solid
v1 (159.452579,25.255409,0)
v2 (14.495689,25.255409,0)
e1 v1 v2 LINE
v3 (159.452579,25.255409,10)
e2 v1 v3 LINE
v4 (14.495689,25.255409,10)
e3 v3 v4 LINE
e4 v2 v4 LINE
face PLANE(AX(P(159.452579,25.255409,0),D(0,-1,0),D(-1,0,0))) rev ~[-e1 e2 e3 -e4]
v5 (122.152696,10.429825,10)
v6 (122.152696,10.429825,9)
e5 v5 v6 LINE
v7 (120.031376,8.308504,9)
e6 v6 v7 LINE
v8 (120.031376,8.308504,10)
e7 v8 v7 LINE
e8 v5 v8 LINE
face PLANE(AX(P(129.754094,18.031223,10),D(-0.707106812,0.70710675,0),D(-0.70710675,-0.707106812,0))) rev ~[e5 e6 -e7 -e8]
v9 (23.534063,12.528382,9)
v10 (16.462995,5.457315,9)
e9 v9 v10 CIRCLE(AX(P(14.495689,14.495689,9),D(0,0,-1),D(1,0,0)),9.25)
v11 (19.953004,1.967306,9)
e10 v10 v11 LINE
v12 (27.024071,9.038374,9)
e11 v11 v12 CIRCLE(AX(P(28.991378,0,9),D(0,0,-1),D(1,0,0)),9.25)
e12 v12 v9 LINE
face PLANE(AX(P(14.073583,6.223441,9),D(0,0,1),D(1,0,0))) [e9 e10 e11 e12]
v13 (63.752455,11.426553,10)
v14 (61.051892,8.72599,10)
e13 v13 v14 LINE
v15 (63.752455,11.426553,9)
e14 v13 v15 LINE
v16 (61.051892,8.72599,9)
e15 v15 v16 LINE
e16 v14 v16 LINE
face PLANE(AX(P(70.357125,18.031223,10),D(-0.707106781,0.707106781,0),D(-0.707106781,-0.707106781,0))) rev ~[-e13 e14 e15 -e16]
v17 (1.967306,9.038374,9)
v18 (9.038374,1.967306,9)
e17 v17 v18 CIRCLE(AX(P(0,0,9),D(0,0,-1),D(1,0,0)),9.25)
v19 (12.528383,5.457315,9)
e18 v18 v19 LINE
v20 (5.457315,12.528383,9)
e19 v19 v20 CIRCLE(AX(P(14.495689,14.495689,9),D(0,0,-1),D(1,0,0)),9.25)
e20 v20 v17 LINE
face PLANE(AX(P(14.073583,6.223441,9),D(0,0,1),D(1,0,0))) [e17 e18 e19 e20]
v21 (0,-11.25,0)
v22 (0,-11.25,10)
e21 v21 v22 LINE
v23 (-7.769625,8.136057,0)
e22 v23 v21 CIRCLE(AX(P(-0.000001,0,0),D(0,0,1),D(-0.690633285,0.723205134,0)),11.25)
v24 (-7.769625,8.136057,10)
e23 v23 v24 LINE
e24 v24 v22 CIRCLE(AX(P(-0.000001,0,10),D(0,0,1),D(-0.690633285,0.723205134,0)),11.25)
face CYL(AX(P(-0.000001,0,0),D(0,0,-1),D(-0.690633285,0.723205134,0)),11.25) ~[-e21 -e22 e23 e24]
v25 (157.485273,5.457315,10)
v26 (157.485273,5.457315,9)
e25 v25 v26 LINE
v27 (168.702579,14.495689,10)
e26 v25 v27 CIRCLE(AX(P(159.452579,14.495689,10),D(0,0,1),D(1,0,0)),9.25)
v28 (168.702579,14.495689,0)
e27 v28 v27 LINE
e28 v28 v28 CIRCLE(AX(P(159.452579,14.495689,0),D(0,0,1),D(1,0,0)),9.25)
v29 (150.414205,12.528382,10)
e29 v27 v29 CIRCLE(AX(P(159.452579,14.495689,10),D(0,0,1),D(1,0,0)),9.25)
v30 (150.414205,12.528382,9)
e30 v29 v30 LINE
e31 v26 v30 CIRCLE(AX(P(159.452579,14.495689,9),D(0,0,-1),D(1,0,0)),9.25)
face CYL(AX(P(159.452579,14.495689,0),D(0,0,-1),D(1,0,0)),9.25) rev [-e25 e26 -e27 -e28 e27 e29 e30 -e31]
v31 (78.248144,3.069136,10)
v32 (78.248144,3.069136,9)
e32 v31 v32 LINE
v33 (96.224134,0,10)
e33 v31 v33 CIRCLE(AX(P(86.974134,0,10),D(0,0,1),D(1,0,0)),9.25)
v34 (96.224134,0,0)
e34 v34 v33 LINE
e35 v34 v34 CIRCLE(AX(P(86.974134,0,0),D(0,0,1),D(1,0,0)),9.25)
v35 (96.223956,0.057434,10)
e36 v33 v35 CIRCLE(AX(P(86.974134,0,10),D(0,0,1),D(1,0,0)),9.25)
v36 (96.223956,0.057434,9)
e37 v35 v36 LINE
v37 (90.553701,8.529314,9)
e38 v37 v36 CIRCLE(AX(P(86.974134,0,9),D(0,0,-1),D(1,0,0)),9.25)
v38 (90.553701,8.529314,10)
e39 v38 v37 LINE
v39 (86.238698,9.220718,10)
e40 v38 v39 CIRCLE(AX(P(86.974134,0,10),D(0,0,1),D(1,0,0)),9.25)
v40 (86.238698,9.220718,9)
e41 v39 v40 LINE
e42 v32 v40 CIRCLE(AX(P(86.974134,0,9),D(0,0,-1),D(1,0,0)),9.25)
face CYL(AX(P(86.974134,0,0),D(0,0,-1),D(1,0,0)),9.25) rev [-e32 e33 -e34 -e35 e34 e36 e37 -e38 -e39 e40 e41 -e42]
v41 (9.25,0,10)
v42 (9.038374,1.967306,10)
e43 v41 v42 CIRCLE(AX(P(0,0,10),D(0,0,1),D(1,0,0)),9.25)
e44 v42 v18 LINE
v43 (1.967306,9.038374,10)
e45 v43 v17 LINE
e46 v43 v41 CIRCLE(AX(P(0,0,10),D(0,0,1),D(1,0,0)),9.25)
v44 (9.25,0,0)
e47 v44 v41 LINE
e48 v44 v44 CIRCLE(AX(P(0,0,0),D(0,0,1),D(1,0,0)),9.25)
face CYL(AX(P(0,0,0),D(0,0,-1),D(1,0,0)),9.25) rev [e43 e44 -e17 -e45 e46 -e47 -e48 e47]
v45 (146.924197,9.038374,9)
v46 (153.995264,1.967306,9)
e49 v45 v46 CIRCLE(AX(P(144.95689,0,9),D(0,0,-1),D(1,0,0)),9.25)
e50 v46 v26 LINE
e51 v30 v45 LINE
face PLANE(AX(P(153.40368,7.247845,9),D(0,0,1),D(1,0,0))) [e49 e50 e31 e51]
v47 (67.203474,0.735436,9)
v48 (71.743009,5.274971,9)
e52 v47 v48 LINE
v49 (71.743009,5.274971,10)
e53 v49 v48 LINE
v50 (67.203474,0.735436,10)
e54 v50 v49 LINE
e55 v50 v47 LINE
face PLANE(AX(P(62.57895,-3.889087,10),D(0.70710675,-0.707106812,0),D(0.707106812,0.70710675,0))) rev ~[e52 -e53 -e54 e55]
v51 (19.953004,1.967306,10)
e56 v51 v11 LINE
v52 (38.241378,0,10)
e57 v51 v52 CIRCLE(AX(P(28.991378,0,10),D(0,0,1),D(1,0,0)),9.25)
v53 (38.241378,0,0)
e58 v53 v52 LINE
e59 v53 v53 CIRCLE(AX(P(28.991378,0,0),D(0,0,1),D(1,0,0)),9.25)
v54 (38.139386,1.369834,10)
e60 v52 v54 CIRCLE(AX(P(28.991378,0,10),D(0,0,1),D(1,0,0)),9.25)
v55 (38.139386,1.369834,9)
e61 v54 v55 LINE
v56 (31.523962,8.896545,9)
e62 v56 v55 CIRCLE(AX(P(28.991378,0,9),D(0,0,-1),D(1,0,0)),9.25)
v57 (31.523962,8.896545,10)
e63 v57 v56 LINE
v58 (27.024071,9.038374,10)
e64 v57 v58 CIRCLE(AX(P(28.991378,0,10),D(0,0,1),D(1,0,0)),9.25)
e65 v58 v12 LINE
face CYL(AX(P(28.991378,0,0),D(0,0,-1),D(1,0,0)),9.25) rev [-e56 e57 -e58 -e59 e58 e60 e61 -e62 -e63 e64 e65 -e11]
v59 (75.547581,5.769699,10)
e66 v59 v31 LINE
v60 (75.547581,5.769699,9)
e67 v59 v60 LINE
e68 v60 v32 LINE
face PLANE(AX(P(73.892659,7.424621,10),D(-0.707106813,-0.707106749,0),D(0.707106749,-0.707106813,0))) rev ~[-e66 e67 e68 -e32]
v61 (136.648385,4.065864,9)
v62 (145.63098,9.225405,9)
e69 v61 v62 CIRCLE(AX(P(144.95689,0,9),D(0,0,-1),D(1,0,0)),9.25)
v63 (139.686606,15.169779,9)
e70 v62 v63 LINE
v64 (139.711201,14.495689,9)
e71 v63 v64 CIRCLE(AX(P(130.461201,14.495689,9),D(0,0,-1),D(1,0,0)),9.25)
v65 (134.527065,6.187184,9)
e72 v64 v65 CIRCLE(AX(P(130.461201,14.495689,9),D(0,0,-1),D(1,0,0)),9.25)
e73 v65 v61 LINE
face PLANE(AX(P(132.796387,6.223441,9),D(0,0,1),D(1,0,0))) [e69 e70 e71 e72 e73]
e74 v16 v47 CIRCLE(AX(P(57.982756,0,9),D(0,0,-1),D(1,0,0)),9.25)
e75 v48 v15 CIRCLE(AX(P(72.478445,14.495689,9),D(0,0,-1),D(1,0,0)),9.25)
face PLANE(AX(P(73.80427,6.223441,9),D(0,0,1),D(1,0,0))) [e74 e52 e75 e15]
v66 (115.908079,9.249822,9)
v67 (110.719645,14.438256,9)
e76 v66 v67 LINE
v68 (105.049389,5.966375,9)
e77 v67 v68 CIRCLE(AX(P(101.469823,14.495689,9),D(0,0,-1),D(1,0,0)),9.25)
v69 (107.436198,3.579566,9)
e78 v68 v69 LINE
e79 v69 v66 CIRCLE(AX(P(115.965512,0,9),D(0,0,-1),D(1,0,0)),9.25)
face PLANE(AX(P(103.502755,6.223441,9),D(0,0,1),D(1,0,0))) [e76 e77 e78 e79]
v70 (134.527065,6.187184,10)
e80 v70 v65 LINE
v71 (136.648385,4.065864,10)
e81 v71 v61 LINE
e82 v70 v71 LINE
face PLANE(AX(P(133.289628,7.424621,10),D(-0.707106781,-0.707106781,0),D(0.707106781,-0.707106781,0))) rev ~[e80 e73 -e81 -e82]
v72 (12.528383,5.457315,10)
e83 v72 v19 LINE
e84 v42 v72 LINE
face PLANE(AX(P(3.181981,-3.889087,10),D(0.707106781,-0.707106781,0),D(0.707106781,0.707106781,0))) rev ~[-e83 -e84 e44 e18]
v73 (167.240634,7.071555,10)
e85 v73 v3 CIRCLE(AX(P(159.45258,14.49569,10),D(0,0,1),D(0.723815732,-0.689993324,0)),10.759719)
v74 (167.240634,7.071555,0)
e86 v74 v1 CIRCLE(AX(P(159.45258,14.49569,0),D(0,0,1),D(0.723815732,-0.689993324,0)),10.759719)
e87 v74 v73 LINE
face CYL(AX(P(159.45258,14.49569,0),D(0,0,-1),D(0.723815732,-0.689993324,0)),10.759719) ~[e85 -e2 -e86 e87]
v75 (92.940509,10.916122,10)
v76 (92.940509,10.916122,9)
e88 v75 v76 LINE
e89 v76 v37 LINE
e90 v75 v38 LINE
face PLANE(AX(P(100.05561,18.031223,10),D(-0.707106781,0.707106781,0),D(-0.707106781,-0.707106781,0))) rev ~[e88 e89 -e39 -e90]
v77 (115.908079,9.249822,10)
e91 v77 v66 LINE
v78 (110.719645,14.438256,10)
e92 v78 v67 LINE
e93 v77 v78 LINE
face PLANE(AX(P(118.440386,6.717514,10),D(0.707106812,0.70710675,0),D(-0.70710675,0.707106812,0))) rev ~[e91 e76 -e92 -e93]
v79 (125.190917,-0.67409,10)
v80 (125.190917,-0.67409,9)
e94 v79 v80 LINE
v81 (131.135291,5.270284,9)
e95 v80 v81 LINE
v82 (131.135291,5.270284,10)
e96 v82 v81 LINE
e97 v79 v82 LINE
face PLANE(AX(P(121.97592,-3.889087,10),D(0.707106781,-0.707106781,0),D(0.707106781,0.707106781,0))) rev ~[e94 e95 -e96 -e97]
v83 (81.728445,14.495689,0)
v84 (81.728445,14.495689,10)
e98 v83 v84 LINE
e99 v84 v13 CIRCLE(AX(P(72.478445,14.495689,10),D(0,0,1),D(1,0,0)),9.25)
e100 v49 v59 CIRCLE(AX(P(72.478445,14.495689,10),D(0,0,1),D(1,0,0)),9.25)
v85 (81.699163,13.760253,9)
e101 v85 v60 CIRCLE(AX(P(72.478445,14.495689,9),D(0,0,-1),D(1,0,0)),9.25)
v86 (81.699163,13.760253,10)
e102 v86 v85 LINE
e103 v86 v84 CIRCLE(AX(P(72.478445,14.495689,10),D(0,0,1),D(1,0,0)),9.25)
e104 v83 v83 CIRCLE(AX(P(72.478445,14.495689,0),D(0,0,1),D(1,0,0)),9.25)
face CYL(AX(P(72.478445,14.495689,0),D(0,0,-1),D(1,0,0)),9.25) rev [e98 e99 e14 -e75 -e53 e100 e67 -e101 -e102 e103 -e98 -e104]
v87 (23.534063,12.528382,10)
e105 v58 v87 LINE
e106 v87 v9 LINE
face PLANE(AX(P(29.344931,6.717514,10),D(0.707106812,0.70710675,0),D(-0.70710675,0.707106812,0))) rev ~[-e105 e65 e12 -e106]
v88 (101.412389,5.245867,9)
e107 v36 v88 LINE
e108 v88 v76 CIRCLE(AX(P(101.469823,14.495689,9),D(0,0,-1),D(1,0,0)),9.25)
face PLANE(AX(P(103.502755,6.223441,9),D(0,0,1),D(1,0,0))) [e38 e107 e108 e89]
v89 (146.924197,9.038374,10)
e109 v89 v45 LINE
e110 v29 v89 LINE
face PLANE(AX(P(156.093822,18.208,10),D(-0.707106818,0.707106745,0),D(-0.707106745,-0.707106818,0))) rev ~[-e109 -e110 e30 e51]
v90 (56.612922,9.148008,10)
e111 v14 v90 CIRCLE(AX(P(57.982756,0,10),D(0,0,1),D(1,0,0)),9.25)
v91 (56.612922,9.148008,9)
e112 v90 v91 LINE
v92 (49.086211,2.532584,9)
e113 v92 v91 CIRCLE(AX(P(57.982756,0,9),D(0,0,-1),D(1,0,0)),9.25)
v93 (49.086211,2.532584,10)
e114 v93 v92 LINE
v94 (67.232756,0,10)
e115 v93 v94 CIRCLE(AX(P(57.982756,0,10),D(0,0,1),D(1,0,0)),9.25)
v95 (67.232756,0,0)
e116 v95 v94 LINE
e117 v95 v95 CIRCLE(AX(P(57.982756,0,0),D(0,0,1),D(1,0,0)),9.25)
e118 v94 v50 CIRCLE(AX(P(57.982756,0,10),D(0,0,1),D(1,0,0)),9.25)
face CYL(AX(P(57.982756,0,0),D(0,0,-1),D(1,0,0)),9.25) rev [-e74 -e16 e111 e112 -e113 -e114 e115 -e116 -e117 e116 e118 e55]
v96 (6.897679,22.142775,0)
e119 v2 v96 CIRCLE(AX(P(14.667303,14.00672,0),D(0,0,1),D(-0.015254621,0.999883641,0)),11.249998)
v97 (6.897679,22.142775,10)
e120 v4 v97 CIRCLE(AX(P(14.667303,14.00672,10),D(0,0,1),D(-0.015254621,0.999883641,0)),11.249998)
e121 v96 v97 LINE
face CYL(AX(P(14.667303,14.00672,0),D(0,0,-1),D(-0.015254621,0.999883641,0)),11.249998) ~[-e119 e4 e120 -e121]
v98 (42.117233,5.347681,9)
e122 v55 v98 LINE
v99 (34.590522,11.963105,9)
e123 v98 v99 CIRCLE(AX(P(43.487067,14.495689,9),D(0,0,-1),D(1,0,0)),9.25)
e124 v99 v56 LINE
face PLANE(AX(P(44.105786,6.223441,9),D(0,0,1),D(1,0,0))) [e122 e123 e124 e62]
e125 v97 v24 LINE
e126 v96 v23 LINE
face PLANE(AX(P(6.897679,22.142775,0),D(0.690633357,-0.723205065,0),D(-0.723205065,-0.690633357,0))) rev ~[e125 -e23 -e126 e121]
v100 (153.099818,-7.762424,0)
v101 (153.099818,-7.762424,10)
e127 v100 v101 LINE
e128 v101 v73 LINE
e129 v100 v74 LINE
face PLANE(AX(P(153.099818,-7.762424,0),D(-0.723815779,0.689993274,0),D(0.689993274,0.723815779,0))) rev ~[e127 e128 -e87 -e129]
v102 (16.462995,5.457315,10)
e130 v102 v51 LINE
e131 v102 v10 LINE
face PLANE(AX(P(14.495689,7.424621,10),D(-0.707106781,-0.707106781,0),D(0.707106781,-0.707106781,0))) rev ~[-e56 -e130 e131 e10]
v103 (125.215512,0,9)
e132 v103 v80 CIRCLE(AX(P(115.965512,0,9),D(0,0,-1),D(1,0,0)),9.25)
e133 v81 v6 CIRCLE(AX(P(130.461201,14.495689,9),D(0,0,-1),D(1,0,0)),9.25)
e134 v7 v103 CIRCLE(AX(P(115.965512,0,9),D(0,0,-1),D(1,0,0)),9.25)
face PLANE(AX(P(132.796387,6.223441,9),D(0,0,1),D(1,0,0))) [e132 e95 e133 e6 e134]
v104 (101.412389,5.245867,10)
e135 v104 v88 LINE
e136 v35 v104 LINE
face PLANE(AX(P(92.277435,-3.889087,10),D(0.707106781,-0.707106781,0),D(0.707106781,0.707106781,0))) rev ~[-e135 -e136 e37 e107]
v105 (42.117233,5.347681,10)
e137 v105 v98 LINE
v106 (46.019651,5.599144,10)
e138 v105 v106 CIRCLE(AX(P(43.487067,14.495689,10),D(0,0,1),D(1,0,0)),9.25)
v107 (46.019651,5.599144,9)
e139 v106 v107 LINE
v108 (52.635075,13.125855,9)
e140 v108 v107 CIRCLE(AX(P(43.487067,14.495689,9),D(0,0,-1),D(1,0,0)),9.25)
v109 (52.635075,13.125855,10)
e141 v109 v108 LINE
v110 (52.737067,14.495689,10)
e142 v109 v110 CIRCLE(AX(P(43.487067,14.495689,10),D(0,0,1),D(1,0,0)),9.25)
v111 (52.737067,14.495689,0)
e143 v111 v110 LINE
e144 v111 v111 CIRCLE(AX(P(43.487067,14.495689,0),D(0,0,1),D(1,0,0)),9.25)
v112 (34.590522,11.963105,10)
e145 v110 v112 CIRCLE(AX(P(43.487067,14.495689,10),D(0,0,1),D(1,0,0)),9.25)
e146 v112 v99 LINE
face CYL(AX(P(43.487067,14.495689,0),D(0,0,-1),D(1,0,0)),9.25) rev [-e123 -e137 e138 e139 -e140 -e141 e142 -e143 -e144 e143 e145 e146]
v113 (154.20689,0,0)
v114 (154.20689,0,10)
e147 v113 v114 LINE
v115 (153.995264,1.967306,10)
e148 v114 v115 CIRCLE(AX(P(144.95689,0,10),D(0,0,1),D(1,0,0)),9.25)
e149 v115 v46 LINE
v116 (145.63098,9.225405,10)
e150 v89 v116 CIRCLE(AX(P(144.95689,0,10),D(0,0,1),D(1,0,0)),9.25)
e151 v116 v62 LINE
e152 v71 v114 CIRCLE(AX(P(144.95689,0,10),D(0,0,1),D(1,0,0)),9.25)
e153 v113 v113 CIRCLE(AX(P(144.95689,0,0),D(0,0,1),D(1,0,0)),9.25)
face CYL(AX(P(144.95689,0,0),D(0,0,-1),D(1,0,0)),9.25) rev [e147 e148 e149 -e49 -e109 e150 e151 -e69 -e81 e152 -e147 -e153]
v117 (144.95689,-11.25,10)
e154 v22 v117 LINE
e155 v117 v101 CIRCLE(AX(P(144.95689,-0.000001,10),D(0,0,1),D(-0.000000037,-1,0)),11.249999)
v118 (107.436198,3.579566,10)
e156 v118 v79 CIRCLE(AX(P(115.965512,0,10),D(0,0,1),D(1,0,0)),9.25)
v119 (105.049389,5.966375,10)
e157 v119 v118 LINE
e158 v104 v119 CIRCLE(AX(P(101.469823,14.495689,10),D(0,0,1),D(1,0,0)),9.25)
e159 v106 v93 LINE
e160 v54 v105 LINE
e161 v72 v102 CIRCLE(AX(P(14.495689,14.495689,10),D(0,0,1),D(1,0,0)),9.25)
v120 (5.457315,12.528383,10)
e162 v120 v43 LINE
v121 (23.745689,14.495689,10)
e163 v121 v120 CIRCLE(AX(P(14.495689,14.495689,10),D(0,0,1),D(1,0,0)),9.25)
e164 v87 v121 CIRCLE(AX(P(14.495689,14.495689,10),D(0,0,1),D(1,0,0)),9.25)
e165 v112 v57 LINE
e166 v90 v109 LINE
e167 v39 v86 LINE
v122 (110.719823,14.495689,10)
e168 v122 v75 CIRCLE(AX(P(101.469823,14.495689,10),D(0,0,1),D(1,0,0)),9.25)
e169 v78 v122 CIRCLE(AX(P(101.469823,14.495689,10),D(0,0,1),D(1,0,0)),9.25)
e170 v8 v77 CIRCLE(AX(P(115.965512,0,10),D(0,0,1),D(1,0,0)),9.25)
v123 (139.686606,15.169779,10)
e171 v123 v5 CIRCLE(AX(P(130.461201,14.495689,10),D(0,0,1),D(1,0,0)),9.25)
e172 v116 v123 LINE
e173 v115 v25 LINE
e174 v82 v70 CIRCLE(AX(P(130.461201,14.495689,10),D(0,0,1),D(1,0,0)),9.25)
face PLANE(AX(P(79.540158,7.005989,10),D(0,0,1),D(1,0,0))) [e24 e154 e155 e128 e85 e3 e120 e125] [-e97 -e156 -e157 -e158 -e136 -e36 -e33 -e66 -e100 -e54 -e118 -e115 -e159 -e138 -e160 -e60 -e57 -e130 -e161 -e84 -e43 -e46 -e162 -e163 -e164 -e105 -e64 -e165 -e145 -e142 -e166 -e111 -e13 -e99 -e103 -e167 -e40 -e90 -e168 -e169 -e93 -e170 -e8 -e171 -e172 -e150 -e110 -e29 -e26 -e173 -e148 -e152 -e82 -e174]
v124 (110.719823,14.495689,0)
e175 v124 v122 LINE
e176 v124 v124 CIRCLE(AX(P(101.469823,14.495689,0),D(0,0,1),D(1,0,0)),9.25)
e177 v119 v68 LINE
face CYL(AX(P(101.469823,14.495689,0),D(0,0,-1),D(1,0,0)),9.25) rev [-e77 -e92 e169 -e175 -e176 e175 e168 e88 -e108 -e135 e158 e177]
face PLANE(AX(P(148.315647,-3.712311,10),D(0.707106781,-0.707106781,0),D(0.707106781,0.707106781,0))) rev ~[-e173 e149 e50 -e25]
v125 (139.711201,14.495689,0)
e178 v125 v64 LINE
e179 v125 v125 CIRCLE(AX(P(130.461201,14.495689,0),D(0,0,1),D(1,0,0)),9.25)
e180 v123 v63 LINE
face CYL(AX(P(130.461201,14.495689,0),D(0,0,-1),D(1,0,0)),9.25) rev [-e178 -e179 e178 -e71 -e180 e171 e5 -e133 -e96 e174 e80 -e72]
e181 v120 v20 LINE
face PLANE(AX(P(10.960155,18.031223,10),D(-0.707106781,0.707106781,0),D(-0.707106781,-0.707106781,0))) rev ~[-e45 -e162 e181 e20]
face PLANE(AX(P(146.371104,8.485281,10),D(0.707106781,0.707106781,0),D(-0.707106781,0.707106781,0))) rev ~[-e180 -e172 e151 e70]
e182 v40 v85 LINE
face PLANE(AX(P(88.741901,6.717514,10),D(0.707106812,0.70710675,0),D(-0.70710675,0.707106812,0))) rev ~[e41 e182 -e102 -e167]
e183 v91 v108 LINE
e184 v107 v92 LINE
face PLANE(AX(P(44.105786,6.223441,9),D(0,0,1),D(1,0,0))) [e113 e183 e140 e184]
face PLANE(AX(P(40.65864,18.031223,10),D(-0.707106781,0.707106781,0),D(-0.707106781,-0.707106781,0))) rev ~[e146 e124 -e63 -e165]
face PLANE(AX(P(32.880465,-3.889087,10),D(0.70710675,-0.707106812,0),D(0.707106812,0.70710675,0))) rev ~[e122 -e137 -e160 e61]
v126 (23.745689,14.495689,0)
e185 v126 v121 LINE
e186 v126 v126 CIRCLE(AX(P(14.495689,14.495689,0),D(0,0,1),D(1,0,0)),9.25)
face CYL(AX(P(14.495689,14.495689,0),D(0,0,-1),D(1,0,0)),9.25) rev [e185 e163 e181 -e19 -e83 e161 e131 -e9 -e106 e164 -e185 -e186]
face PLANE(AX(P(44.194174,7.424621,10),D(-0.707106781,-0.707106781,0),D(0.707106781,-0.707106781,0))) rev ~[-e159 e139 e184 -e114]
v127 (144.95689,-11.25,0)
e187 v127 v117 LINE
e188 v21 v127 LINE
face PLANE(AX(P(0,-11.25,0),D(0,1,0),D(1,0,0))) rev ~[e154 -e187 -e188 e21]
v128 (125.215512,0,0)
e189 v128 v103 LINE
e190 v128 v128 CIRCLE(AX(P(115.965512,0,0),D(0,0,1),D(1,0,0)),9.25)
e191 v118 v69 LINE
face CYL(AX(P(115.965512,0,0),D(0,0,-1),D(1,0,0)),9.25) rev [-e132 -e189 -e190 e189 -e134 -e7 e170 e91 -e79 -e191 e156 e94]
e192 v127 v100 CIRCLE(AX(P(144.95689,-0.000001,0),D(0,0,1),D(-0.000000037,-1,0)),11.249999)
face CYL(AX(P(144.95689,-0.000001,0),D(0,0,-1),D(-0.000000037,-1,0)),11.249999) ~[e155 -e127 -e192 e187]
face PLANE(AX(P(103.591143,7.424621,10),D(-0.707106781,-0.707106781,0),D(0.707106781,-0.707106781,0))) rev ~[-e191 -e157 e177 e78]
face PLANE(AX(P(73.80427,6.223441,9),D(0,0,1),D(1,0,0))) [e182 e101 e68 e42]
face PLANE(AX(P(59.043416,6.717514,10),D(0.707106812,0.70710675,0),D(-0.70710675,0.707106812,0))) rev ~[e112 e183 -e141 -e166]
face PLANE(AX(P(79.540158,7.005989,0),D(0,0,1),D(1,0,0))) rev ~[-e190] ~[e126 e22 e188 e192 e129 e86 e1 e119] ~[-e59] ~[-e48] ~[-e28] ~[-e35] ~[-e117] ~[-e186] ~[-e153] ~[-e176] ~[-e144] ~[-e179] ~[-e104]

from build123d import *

# Parameters (mm, degrees)
F0_R     = 9.25
F1_DEPTH = 10
F3_DEPTH = 1


with BuildPart() as f1:
    # F0 (on Top) → F1 (new body)
    with BuildSketch(Plane.XY):
        with BuildLine():
            Line((6.897679, 22.142775), (-7.769625, 8.136057))
            ThreePointArc((-7.769625, 8.136057), (-10.442537, -4.185204), (0, -11.25))
            Line((0, -11.25), (144.95689, -11.25))
            ThreePointArc((144.95689, -11.25), (149.386068, -10.341416), (153.099818, -7.762424))
            Line((153.099818, -7.762424), (167.240634, 7.071555))
            ThreePointArc((167.240634, 7.071555), (169.343312, 18.731841), (159.452579, 25.255409))
            Line((159.452579, 25.255409), (14.495689, 25.255409))
            ThreePointArc((14.495689, 25.255409), (10.402571, 24.417028), (6.897679, 22.142775))
        make_face()
        Circle(F0_R, mode=Mode.SUBTRACT)
        with Locations((28.991378, 0)):
            Circle(F0_R, mode=Mode.SUBTRACT)
        with Locations((57.982756, 0)):
            Circle(F0_R, mode=Mode.SUBTRACT)
        with Locations((86.974134, 0)):
            Circle(F0_R, mode=Mode.SUBTRACT)
        with Locations((115.965512, 0)):
            Circle(F0_R, mode=Mode.SUBTRACT)
        with Locations((144.95689, 0)):
            Circle(F0_R, mode=Mode.SUBTRACT)
        with Locations((14.495689, 14.495689)):
            Circle(F0_R, mode=Mode.SUBTRACT)
        with Locations((43.487067, 14.495689)):
            Circle(F0_R, mode=Mode.SUBTRACT)
        with Locations((72.478445, 14.495689)):
            Circle(F0_R, mode=Mode.SUBTRACT)
        with Locations((101.469823, 14.495689)):
            Circle(F0_R, mode=Mode.SUBTRACT)
        with Locations((130.461201, 14.495689)):
            Circle(F0_R, mode=Mode.SUBTRACT)
        with Locations((159.452579, 14.495689)):
            Circle(F0_R, mode=Mode.SUBTRACT)
    extrude(amount=F1_DEPTH)

    # F2 (on face) → F3 (cut)
    with BuildSketch(Plane.XY.offset(10)):
        Polygon((-3.889087, 3.181981), (3.181981, -3.889087), (14.495689, 7.424621), (25.632621, -3.712311), (29.168155, -0.176777), (25.809398, 3.181981), (29.344931, 6.717514), (17.854446, 18.208), (10.960155, 18.031223), align=None)
        Polygon((32.703689, 3.358757), (29.168155, -0.176777), (32.880465, -3.889087), (44.194174, 7.424621), (55.331106, -3.712311), (58.86664, -0.176777), (55.507882, 3.181981), (59.043416, 6.717514), (47.552931, 18.208), (40.65864, 18.031223), (29.344931, 6.717514), align=None)
        Polygon((62.402173, 3.358757), (58.86664, -0.176777), (62.57895, -3.889087), (73.892659, 7.424621), (85.02959, -3.712311), (88.565124, -0.176777), (85.206367, 3.181981), (88.741901, 6.717514), (77.251416, 18.208), (70.357125, 18.031223), (59.043416, 6.717514), align=None)
        Polygon((100.05561, 18.031223), (88.741901, 6.717514), (92.100658, 3.358757), (88.565124, -0.176777), (92.277435, -3.889087), (103.591143, 7.424621), (114.728075, -3.712311), (118.263609, -0.176777), (114.904852, 3.181981), (118.440386, 6.717514), (106.949901, 18.208), align=None)
        Polygon((129.754094, 18.031223), (118.440386, 6.717514), (121.799143, 3.358757), (118.263609, -0.176777), (121.97592, -3.889087), (133.289628, 7.424621), (144.42656, -3.712311), (146.371104, -1.767767), (141.24458, 3.358757), (146.371104, 8.485281), (136.648385, 18.208), align=None)
        Polygon((156.093822, 18.208), (146.371104, 8.485281), (151.497628, 3.358757), (146.371104, -1.767767), (148.315647, -3.712311), (163.16489, 11.136932), align=None)
    extrude(amount=-F3_DEPTH, mode=Mode.SUBTRACT)


solid = f1.part
